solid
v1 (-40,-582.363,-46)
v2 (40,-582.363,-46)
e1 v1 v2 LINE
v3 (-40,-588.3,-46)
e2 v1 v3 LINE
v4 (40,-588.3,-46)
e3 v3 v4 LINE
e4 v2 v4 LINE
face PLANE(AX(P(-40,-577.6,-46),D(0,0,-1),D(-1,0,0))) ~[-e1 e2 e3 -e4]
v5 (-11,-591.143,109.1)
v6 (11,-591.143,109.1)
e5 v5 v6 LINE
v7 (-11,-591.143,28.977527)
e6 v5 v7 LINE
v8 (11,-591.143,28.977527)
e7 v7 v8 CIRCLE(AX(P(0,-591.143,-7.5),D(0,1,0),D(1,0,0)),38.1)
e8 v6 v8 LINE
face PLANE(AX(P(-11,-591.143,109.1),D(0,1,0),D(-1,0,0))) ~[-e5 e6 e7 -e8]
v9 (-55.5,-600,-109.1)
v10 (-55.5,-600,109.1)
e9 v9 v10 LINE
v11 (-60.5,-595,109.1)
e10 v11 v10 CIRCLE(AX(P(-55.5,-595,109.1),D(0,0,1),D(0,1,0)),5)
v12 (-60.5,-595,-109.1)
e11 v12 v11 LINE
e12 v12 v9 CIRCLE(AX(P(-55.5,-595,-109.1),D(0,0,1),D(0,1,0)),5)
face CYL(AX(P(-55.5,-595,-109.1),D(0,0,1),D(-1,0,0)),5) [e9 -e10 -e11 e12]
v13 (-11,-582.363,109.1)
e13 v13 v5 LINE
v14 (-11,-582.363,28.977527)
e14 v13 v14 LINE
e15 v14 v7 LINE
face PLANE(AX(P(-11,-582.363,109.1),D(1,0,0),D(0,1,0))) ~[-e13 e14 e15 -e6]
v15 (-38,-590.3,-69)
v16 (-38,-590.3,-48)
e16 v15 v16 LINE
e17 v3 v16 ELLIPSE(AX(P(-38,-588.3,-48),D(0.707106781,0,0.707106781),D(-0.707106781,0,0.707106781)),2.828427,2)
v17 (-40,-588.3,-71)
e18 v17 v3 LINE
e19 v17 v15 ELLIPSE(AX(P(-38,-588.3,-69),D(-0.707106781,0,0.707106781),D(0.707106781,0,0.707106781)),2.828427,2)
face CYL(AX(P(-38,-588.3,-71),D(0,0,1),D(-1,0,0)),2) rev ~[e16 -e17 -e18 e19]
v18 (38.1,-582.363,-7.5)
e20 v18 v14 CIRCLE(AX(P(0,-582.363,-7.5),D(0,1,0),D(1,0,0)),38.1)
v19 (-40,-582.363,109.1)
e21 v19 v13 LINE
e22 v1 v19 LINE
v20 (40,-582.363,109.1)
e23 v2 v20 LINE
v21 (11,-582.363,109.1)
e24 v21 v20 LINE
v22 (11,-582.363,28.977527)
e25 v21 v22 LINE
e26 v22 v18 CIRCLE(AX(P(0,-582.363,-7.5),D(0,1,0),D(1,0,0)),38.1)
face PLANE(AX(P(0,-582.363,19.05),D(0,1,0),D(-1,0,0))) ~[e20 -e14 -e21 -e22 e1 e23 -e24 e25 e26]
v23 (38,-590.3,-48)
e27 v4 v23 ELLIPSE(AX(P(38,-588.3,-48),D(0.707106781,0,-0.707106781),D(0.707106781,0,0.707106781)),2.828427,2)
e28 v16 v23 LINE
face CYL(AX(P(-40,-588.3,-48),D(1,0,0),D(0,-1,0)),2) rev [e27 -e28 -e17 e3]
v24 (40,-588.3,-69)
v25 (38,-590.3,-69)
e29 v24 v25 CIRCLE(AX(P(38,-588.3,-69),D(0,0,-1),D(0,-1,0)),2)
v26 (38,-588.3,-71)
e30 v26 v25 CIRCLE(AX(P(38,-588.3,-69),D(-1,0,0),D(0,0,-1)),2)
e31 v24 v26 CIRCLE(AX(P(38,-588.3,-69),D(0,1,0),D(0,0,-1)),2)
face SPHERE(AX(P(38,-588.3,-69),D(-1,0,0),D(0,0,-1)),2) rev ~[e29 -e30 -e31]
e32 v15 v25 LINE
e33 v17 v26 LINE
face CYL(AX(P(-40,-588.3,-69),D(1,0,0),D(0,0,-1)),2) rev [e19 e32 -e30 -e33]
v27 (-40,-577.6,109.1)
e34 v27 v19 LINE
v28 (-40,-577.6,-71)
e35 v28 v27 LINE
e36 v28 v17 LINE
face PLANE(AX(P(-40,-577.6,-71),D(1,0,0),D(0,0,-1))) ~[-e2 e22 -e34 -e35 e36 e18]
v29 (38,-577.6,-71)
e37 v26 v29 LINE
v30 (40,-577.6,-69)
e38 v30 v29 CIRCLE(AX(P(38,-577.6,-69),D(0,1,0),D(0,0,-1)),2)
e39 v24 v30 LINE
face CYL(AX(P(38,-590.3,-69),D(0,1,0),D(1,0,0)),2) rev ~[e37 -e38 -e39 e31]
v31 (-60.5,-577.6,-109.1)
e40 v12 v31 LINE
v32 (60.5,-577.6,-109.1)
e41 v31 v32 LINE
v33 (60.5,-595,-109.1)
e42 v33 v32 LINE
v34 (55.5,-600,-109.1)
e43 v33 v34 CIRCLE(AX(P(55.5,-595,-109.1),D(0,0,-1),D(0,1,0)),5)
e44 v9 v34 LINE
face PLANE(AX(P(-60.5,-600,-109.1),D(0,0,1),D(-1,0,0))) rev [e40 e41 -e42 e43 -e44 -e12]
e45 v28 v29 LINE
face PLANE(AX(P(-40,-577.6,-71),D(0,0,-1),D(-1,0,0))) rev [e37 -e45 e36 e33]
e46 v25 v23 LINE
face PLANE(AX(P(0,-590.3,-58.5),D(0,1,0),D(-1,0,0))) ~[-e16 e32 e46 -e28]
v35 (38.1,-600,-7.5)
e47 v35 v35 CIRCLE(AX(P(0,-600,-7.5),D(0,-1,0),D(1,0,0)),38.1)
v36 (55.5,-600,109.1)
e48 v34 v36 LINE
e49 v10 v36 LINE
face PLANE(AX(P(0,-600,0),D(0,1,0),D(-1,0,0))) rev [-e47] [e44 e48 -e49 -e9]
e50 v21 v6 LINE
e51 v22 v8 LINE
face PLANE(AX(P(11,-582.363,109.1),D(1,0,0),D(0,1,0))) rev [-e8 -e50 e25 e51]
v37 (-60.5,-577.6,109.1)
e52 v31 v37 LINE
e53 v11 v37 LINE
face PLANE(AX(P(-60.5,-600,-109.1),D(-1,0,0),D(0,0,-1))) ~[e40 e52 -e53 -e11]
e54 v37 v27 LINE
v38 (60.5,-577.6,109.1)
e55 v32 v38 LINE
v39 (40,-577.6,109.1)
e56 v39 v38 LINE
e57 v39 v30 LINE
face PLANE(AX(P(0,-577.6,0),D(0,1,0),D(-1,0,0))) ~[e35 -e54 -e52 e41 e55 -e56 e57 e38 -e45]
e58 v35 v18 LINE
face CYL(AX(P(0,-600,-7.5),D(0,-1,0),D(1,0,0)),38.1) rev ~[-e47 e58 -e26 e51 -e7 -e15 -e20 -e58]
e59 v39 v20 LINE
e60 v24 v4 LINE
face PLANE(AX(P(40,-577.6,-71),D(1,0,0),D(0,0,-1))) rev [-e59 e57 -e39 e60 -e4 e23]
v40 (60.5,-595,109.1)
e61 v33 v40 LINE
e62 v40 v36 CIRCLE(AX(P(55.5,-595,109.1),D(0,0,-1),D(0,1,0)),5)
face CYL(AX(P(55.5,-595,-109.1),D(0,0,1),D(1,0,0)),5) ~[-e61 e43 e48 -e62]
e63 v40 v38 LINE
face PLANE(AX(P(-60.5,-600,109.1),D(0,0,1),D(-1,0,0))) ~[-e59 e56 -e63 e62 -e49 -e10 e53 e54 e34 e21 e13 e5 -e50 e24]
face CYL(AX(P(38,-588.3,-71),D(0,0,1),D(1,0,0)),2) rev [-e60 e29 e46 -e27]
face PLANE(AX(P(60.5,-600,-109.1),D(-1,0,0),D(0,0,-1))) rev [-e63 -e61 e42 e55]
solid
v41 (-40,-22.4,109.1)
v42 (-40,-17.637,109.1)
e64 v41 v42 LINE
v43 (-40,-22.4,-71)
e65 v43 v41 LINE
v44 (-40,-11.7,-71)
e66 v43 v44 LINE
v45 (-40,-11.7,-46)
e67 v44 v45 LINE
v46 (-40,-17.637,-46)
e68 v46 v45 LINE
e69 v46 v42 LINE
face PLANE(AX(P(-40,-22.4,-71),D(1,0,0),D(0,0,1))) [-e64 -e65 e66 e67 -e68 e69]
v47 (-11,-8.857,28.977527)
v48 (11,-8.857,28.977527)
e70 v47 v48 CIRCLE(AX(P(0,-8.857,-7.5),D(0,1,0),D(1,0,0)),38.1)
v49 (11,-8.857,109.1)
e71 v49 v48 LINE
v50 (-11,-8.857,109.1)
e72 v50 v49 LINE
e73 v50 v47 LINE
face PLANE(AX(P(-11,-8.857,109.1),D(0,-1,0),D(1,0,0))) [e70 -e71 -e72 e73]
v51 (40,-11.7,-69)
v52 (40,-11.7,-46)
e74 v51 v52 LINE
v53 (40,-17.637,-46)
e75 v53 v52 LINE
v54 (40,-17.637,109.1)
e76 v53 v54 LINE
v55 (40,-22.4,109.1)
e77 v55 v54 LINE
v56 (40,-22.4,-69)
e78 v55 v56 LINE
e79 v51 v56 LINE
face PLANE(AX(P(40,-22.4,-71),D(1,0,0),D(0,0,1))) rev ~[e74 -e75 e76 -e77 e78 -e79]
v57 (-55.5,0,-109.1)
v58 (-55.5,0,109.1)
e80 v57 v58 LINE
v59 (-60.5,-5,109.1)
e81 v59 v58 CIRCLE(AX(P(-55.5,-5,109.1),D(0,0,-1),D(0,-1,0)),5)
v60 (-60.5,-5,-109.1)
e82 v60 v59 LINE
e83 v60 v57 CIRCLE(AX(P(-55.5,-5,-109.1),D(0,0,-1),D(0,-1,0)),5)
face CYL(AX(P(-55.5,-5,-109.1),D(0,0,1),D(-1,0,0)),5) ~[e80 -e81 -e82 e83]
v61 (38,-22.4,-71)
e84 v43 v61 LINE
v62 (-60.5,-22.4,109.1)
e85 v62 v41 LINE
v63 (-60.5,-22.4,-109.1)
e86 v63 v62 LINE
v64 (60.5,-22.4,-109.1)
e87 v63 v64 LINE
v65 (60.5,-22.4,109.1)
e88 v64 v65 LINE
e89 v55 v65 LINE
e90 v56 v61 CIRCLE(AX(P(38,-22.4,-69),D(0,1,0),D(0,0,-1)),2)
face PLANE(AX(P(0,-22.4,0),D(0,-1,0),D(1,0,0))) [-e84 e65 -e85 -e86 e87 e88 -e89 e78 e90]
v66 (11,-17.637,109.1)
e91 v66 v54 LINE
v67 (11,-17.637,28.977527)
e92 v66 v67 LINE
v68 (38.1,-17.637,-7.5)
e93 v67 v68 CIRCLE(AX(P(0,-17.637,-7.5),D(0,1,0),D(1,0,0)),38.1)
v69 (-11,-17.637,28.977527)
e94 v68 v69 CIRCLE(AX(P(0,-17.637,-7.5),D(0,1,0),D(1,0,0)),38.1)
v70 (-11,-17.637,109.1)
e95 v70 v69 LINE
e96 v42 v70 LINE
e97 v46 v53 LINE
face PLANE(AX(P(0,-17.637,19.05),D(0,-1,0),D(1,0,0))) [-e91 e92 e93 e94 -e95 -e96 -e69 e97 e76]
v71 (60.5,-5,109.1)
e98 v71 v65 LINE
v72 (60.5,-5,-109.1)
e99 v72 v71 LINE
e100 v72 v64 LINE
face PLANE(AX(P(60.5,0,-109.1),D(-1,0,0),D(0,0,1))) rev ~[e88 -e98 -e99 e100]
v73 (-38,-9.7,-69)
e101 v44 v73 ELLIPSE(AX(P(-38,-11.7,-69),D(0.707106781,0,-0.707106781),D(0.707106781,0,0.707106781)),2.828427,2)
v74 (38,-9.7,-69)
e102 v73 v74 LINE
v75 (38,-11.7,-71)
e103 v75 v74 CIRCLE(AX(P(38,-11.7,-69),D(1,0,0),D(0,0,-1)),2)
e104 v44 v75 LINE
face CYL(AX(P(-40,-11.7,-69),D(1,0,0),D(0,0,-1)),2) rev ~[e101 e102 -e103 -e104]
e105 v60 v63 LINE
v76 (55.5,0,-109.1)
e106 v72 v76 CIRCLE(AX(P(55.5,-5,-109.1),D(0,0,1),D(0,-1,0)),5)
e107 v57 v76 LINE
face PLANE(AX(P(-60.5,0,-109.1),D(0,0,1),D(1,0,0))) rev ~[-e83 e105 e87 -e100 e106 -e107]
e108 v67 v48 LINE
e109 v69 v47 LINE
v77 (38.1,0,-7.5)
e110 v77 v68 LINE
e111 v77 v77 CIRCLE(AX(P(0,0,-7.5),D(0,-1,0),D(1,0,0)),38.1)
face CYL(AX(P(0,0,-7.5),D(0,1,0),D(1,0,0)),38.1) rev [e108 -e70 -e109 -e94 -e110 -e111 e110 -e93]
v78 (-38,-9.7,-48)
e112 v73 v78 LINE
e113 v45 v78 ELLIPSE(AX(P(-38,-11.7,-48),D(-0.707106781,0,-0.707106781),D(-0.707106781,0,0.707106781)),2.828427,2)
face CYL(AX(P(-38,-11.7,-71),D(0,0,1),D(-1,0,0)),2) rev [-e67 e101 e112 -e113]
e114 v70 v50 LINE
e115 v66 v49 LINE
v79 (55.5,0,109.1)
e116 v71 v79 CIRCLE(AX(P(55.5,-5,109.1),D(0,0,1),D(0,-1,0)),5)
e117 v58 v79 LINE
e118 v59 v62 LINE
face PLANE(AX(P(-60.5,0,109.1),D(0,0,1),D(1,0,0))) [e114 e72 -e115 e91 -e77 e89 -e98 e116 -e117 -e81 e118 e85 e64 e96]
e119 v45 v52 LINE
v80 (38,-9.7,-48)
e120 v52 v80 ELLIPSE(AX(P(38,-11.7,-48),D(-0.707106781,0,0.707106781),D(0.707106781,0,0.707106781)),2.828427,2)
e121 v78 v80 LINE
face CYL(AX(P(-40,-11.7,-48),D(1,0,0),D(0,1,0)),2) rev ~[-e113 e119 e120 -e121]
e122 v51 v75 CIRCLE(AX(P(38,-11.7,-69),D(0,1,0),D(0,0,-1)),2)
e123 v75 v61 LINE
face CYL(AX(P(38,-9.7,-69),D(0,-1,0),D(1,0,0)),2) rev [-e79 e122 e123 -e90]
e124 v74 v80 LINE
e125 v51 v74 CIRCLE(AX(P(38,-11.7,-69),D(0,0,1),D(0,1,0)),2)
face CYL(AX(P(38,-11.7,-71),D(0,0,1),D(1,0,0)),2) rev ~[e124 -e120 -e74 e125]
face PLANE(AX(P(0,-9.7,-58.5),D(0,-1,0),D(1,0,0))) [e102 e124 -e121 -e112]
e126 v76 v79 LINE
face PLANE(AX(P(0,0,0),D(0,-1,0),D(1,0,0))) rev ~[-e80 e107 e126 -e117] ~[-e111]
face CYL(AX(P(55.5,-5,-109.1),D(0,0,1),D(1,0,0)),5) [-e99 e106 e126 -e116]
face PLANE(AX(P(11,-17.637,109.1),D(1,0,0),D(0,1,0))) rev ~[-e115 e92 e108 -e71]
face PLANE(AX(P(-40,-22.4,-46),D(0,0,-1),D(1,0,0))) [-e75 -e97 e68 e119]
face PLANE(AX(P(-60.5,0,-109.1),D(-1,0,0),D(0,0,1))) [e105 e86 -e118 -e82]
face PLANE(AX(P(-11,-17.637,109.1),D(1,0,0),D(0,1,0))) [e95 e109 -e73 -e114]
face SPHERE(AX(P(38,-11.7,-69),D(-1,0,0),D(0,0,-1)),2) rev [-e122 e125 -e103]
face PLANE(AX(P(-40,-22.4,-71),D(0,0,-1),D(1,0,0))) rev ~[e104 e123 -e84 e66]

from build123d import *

# Parameters (mm, degrees)
F0_W      = 121
F0_H      = 218.2
F0_R      = 38.1
F1_DEPTH  = 22.4
F2_W      = 80
F2_H      = 180.1
F3_DEPTH  = 4.763
F4_W      = 80
F4_H      = 25
F5_DEPTH  = 12.7
F6_R      = 5
F7_R      = 2
F10_W     = 22
F10_H     = 8.78
F11_DEPTH = 100


with BuildPart() as f1:
    # F0 (on Front) → F1 (new body)
    with BuildSketch(Plane.XZ):
        Rectangle(F0_W, F0_H)
        with Locations((0, -7.5)):
            Circle(F0_R, mode=Mode.SUBTRACT)
    extrude(amount=F1_DEPTH)

    # F2 (on face) → F3 (cut)
    with BuildSketch(Plane.XZ.offset(22.4)):
        with Locations((0, 19.05)):
            Rectangle(F2_W, F2_H)
    extrude(amount=-F3_DEPTH, mode=Mode.SUBTRACT)

    # F4 (on face) → F5 (cut)
    with BuildSketch(Plane.XZ.offset(22.4)):
        with Locations((0, -58.5)):
            Rectangle(F4_W, F4_H)
    extrude(amount=-F5_DEPTH, mode=Mode.SUBTRACT)

    # F6
    f6_edges = [f1.edges().sort_by_distance(p)[0] for p in [
        (-60.5, 0, 0),
        (60.5, 0, 0),
    ]]
    fillet(f6_edges, radius=F6_R)

    # F7
    f7_edges = [f1.edges().sort_by_distance(p)[0] for p in [
        (0, -9.7, -71),
        (40, -16.05, -71),
        (40, -9.7, -58.5),
        (-40, -9.7, -58.5),
        (0, -9.7, -46),
    ]]
    fillet(f7_edges, radius=F7_R)

    # F10 (on face) → F11 (cut)
    with BuildSketch(Plane.XY.offset(109.1)):
        with Locations((0, -13.247)):
            Rectangle(F10_W, F10_H)
    extrude(amount=-F11_DEPTH, mode=Mode.SUBTRACT)


with BuildPart() as f9_1:
    # F9: instance of F1
    add(f1.part.mirror(Plane.XZ.offset(300)))


with BuildPart() as f13_1:
    # F13: instance of F1
    add(f1.part.mirror(Plane.XZ.offset(300)))


solid = Compound([f1.part, f13_1.part])
